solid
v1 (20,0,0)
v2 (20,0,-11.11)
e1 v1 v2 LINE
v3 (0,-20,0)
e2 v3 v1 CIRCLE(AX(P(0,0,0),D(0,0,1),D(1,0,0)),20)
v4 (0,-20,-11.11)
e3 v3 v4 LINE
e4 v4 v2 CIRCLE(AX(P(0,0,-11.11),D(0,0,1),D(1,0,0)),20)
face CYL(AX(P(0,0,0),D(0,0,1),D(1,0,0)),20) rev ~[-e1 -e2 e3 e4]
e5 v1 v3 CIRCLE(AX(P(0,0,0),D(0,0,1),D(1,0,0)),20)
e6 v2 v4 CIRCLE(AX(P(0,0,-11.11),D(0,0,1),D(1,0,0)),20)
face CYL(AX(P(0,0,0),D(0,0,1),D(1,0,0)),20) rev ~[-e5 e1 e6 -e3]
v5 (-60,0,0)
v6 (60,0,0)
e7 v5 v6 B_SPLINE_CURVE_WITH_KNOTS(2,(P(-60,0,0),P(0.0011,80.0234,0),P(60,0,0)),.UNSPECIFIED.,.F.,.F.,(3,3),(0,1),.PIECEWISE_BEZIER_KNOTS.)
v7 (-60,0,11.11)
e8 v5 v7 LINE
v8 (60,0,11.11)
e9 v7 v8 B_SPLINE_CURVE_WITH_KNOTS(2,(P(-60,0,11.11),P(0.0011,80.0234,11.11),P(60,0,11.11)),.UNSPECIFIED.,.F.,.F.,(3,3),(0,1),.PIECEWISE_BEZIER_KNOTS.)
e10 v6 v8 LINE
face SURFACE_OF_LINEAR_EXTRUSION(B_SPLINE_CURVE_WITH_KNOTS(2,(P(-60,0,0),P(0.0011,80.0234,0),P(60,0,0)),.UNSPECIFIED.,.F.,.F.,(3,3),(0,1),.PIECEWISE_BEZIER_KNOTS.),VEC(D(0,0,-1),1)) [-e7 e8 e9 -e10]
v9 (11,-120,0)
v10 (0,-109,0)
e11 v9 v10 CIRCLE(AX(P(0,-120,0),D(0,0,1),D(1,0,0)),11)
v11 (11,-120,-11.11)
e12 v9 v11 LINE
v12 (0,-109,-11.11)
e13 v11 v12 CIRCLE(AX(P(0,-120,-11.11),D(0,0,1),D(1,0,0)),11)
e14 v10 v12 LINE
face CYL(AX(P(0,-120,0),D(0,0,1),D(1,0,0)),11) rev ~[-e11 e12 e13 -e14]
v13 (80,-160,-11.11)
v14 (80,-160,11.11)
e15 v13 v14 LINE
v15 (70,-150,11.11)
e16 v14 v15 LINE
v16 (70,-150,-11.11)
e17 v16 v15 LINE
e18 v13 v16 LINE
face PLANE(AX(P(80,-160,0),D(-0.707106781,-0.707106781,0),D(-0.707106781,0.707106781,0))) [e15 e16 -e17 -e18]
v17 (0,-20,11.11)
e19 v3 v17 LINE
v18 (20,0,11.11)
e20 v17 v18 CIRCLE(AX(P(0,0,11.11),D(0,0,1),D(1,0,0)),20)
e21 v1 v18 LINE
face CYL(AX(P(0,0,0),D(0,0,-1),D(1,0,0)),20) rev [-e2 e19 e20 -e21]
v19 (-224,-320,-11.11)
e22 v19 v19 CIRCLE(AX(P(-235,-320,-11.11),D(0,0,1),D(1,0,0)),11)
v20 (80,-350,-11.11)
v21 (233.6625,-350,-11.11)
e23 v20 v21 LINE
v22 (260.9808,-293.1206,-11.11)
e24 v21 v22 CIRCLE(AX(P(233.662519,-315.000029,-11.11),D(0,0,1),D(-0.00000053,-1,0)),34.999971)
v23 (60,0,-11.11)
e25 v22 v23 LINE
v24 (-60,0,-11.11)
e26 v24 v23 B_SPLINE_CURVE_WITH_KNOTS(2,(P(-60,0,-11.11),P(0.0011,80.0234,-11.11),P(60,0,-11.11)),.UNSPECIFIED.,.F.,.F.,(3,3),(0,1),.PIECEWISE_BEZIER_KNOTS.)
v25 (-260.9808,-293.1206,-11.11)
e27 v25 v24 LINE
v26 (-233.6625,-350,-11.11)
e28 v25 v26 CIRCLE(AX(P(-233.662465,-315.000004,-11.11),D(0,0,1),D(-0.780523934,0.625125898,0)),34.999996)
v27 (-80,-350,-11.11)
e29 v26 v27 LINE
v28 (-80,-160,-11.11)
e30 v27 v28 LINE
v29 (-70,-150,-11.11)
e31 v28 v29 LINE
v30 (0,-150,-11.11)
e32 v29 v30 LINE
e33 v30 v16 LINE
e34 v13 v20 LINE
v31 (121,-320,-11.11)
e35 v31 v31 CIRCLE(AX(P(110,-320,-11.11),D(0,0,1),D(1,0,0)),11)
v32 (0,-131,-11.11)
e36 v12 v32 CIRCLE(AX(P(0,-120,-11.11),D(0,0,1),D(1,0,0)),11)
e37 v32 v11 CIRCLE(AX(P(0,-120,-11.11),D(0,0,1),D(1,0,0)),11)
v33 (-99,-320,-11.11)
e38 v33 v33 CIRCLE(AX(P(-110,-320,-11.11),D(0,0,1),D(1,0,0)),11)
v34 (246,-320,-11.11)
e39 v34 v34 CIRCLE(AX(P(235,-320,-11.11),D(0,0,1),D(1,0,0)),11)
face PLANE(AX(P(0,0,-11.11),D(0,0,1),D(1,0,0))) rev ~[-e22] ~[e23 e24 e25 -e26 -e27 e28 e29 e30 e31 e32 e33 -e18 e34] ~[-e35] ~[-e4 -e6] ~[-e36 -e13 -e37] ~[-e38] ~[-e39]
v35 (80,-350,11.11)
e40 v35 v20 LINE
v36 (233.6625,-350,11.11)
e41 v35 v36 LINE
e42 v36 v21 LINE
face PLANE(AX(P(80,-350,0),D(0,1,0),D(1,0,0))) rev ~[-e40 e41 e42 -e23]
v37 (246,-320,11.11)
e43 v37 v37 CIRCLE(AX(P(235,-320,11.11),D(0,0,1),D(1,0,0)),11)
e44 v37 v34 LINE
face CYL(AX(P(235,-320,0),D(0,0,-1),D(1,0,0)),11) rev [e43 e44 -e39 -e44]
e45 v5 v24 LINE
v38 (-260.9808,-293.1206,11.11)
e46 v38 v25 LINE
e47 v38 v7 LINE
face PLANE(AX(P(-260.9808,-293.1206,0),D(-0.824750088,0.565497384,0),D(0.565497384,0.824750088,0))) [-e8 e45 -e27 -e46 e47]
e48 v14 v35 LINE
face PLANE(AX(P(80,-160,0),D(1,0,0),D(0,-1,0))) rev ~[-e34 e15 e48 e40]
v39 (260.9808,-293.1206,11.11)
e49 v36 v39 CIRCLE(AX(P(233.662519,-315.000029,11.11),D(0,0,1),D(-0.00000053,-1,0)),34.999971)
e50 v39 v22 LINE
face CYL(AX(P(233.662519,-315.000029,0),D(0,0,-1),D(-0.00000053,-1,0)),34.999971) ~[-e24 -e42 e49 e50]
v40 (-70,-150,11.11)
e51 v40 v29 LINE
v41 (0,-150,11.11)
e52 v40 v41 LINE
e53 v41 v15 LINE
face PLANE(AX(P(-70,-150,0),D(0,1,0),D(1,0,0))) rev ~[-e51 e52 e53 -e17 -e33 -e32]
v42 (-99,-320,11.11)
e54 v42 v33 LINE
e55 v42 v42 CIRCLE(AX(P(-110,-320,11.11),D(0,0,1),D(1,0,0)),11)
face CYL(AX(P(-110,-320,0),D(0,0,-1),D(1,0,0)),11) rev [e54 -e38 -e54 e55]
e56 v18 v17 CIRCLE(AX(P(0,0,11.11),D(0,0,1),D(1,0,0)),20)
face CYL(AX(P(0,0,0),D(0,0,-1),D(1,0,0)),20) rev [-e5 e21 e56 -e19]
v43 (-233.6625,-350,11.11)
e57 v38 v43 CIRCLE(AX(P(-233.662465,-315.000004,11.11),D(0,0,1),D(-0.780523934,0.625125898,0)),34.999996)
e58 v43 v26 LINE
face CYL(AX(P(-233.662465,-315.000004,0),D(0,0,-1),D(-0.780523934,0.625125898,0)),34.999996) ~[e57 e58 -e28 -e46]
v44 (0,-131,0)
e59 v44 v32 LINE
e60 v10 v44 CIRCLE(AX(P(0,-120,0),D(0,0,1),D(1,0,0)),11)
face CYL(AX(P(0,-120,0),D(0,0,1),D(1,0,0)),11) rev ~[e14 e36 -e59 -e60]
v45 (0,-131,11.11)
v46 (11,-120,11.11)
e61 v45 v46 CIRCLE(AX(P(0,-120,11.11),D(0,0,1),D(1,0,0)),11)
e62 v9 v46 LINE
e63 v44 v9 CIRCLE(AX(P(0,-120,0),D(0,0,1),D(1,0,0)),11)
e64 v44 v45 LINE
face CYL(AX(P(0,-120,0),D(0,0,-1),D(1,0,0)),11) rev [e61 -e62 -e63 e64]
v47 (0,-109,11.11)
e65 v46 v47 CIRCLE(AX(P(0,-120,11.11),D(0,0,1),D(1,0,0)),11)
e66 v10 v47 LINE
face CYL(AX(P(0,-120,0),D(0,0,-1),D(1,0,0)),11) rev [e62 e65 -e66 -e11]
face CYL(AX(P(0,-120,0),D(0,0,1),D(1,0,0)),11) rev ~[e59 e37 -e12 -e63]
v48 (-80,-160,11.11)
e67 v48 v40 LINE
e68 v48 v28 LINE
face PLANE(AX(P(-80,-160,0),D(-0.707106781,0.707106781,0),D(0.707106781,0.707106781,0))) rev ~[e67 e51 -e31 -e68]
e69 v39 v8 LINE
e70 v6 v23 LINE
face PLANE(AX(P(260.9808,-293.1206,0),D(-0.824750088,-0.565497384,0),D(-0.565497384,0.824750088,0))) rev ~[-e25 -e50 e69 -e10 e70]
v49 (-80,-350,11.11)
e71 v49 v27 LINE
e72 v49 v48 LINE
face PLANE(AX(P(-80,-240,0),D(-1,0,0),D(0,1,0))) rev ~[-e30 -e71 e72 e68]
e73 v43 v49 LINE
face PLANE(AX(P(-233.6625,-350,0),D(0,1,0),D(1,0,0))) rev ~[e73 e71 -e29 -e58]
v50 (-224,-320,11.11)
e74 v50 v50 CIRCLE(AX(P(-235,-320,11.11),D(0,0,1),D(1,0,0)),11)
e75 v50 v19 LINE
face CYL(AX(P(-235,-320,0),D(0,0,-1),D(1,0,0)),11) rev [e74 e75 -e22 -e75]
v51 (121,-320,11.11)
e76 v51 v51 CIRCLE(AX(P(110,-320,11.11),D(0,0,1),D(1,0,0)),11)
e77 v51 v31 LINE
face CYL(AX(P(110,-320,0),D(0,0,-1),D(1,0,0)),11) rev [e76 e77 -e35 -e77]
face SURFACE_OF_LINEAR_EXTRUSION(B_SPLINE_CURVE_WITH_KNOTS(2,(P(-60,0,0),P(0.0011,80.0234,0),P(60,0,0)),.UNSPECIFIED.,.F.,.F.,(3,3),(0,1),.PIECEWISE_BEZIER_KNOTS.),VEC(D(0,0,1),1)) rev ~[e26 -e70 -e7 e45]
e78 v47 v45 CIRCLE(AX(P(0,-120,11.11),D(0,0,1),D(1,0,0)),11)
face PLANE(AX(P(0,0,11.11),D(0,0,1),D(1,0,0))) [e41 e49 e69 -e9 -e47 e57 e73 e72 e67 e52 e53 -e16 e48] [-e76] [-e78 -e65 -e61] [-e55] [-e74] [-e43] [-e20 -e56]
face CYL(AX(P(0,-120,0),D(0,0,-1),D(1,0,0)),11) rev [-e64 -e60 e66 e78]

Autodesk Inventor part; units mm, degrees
ref_plane "YZ Plane" through (0, 0, 0) normal (1, 0, 0) x (0, 1, 0)
ref_plane "XZ Plane" through (0, 0, 0) normal (0, 1, 0) x (-1, 0, 0)
ref_plane "XY Plane" through (0, 0, 0) normal (0, 0, 1) x (1, 0, 0)
sketch "Sketch1" plane through (0, 0, 0) normal (0, 0, 1) x (1, 0, 0)
  circle A0 centre (0, 0) radius 20
  circle A1 centre (0, -120) radius 11
  circle A2 centre (-235, -320) radius 11
  circle A3 centre (235, -320) radius 11
  arc A4 (233.6625, -350) -> (260.9808, -293.1206) centre (233.6625, -315) ccw
  line L0 (260.9808, -293.1206) -> (60, 0)
  line L1 (0, 0) -> (0, -429.6945)
  arc A5 (-260.9808, -293.1206) -> (-233.6625, -350) centre (-233.6625, -315) ccw
  line L2 (-260.9808, -293.1206) -> (-60, 0)
  spline S0 degree 2 poles (-60, 0) (0.0011, 80.0234) (60, 0) knots 0 0 0 1 1 1
  line L3 (0, -150) -> (70, -150)
  line L4 (-80, -240) -> (-80, -160)
  line L5 (-70, -150) -> (0, -150)
  line L6 (-80, -160) -> (-70, -150)
  line L7 (80, -160) -> (70, -150)
  line L8 (-80, -160) -> (-80, -350)
  line L9 (80, -160) -> (80, -350)
  line L10 (-233.6625, -350) -> (-80, -350)
  line L11 (80, -350) -> (233.6625, -350)
  circle A6 centre (-110, -320) radius 11
  circle A7 centre (110, -320) radius 11
  point P0 (0.0008, 40.0117)
  point P1 (80, -150)
  point P2 (60, -250)
  point P3 (-80, -150)
  dimension "d0" = 40
  dimension "d1" = 22
  dimension "d3" = 22
  dimension "d4" = 22
  dimension "d5" = 120
  dimension "d9" = 35
  dimension "d14" = 60
  dimension "d15" = 60
  dimension "d16" = 80
  dimension "d19" = 10
  dimension "d20" = 10
  dimension "d21" = 10
  dimension "d22" = 10
  dimension "d27" = 30
  dimension "d30" = 22
  dimension "d31" = 22
  dimension "d32" = 30
  dimension "d33" = 30
  dimension "d36" = 160
extrude "Extrusion2" add sketch "Sketch1" along normal mid plane 22.22
equation "\"d20\" = d19"
equation "\"d21\" = d19"
equation "\"d22\" = d21"
properties part number "Corpo_Suporte_4_Cabos_Modelo3"
